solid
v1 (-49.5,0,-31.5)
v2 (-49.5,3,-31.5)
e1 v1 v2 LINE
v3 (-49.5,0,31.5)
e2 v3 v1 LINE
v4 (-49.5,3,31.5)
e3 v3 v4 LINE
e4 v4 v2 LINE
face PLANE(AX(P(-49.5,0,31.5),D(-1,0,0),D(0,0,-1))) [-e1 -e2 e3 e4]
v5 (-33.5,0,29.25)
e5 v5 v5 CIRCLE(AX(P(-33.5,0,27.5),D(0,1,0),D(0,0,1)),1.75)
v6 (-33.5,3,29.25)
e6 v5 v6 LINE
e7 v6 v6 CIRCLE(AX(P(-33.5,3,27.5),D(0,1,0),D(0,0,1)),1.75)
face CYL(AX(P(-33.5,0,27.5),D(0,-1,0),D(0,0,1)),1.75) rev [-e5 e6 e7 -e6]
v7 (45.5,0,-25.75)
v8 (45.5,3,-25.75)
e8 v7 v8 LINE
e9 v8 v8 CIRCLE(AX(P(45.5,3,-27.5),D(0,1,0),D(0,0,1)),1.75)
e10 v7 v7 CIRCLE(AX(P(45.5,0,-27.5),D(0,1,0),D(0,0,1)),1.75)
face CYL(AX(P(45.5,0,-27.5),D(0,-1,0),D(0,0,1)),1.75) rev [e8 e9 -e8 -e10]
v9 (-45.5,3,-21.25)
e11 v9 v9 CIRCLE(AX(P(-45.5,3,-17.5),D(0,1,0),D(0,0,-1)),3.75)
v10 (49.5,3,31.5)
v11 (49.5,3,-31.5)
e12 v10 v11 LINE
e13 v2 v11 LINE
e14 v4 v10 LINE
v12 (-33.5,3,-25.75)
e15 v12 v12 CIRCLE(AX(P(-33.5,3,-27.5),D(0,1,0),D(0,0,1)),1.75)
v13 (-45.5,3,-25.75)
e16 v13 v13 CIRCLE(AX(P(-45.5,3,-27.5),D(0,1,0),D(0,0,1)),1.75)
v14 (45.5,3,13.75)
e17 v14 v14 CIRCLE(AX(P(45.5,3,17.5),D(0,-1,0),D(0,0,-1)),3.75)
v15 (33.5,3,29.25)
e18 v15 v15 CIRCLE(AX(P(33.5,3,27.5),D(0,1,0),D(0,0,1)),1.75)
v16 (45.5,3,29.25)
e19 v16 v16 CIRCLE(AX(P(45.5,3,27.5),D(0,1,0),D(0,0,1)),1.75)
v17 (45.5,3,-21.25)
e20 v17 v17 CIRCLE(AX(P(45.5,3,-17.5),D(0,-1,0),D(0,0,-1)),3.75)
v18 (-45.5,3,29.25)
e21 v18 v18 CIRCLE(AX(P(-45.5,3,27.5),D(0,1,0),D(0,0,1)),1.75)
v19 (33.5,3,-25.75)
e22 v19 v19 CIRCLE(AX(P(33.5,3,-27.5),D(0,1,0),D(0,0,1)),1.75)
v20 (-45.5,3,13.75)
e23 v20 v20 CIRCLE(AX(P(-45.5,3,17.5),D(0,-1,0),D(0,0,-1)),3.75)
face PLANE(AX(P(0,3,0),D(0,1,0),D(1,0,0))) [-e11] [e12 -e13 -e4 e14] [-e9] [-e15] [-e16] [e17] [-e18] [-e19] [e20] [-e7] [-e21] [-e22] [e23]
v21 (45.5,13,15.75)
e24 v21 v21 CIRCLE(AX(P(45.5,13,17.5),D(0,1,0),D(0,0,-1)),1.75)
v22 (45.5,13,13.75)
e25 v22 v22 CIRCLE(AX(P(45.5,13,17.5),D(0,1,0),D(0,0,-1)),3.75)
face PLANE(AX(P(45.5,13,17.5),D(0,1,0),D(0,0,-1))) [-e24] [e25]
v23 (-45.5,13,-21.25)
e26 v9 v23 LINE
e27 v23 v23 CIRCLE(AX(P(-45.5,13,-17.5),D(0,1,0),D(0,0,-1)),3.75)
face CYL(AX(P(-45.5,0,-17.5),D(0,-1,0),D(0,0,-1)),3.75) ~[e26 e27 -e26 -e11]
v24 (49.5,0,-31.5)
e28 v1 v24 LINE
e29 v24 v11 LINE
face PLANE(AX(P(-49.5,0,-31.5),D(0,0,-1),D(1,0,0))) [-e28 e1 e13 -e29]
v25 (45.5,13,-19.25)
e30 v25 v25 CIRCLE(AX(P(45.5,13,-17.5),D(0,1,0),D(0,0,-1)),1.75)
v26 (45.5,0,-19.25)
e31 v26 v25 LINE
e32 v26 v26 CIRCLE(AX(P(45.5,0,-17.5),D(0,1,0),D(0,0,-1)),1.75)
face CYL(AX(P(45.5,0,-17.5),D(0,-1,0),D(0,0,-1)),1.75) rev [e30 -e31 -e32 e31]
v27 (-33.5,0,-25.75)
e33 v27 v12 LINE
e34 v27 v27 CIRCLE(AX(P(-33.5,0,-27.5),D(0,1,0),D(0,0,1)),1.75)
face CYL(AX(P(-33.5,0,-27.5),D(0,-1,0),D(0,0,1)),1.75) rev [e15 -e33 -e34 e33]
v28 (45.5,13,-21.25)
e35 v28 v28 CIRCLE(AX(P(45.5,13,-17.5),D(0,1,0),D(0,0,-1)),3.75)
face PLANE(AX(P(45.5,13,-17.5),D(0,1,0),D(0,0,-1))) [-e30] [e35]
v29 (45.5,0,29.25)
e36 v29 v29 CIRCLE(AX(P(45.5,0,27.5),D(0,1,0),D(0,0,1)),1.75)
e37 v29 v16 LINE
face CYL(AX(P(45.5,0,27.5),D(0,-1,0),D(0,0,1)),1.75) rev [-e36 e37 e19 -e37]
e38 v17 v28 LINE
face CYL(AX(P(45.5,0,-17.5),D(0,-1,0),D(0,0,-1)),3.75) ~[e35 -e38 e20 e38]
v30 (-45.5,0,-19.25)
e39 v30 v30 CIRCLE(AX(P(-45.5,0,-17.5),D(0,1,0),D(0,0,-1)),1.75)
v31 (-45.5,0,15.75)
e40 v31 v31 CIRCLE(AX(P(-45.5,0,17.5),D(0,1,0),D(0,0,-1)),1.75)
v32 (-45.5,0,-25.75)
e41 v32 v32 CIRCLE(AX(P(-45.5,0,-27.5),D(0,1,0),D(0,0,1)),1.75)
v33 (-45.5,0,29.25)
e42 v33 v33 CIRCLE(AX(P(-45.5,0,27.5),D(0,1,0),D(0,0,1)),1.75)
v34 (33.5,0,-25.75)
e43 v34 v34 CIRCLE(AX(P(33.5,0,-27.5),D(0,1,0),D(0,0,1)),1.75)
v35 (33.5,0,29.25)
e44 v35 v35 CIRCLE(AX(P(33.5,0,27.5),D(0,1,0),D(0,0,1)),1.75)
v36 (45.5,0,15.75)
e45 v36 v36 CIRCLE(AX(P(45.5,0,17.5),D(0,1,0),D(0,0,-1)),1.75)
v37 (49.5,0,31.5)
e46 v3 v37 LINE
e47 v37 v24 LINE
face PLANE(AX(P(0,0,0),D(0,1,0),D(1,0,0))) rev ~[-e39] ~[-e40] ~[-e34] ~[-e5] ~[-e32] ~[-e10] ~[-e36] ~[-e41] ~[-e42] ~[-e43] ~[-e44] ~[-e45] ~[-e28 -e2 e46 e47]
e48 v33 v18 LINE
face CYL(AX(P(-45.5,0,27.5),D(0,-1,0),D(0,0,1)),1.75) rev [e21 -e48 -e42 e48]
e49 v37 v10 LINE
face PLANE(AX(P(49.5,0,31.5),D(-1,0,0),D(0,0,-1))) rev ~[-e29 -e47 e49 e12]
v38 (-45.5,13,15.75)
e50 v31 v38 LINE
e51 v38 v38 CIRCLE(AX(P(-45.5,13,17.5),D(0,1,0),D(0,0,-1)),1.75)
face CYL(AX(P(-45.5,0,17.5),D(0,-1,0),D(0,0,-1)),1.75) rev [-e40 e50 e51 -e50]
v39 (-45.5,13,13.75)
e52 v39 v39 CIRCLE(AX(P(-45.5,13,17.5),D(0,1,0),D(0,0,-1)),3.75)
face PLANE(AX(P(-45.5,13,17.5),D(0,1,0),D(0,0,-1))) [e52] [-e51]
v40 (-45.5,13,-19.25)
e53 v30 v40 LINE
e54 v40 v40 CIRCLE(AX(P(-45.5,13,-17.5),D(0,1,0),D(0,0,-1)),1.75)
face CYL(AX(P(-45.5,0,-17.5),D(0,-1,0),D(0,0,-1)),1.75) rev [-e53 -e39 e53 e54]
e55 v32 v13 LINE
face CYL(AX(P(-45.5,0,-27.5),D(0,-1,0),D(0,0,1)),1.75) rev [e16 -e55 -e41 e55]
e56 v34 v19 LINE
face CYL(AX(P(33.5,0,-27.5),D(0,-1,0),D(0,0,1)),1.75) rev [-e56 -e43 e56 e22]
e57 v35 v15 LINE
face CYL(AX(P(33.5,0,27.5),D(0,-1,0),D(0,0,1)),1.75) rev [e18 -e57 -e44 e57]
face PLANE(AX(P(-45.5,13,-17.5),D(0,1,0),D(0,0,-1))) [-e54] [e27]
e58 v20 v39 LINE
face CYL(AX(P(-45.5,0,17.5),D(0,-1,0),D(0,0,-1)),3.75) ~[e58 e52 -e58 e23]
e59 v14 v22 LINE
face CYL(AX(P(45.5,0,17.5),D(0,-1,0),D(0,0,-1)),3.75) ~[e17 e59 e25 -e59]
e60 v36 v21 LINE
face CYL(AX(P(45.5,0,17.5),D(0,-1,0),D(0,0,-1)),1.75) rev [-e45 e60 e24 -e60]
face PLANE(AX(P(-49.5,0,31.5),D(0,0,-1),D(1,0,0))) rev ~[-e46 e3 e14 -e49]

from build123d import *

# Parameters (mm, degrees)
SKETCH1_W           = 99
SKETCH1_H           = 63
SKETCH1_R           = 3.75
SKETCH1_R_2         = 1.75
BOSS_EXTRUDE1_DEPTH = 3
SKETCH1_3_R         = 3.75
SKETCH1_3_R_2       = 1.75
BOSS_EXTRUDE2_DEPTH = 13


with BuildPart() as part:
    # Sketch1 → Boss-Extrude1 (new body)
    with BuildSketch(Plane(origin=(0, 0, 0), x_dir=(1, 0, 0), z_dir=(0, 1, 0))):
        Rectangle(SKETCH1_W, SKETCH1_H)
        with Locations((-45.5, -17.5)):
            Circle(SKETCH1_R, mode=Mode.SUBTRACT)
        with Locations((45.5, -17.5)):
            Circle(SKETCH1_R, mode=Mode.SUBTRACT)
        with Locations((-45.5, 17.5)):
            Circle(SKETCH1_R, mode=Mode.SUBTRACT)
        with Locations((45.5, 17.5)):
            Circle(SKETCH1_R, mode=Mode.SUBTRACT)
        with Locations((45.5, 27.5)):
            Circle(SKETCH1_R_2, mode=Mode.SUBTRACT)
        with Locations((-45.5, 27.5)):
            Circle(SKETCH1_R_2, mode=Mode.SUBTRACT)
        with Locations((-33.5, 27.5)):
            Circle(SKETCH1_R_2, mode=Mode.SUBTRACT)
        with Locations((33.5, 27.5)):
            Circle(SKETCH1_R_2, mode=Mode.SUBTRACT)
        with Locations((45.5, -27.5)):
            Circle(SKETCH1_R_2, mode=Mode.SUBTRACT)
        with Locations((-45.5, -27.5)):
            Circle(SKETCH1_R_2, mode=Mode.SUBTRACT)
        with Locations((-33.5, -27.5)):
            Circle(SKETCH1_R_2, mode=Mode.SUBTRACT)
        with Locations((33.5, -27.5)):
            Circle(SKETCH1_R_2, mode=Mode.SUBTRACT)
    extrude(amount=BOSS_EXTRUDE1_DEPTH)

    # Sketch1<3> → Boss-Extrude2 (add)
    # profile 1 of 4: a face of its own
    with BuildSketch(Plane(origin=(0, 0, 0), x_dir=(1, 0, 0), z_dir=(0, 1, 0))):
        with Locations((-45.5, 17.5)):
            Circle(SKETCH1_3_R)
        with Locations((-45.5, 17.5)):
            Circle(SKETCH1_3_R_2, mode=Mode.SUBTRACT)
    # profile 2 of 4: a face of its own
    with BuildSketch(Plane(origin=(0, 0, 0), x_dir=(1, 0, 0), z_dir=(0, 1, 0))):
        with Locations((-45.5, -17.5)):
            Circle(SKETCH1_3_R)
        with Locations((-45.5, -17.5)):
            Circle(SKETCH1_3_R_2, mode=Mode.SUBTRACT)
    # profile 3 of 4: a face of its own
    with BuildSketch(Plane(origin=(0, 0, 0), x_dir=(1, 0, 0), z_dir=(0, 1, 0))):
        with Locations((45.5, -17.5)):
            Circle(SKETCH1_3_R)
        with Locations((45.5, -17.5)):
            Circle(SKETCH1_3_R_2, mode=Mode.SUBTRACT)
    # profile 4 of 4: a face of its own
    with BuildSketch(Plane(origin=(0, 0, 0), x_dir=(1, 0, 0), z_dir=(0, 1, 0))):
        with Locations((45.5, 17.5)):
            Circle(SKETCH1_3_R)
        with Locations((45.5, 17.5)):
            Circle(SKETCH1_3_R_2, mode=Mode.SUBTRACT)
    extrude(amount=BOSS_EXTRUDE2_DEPTH)


solid = part.part
